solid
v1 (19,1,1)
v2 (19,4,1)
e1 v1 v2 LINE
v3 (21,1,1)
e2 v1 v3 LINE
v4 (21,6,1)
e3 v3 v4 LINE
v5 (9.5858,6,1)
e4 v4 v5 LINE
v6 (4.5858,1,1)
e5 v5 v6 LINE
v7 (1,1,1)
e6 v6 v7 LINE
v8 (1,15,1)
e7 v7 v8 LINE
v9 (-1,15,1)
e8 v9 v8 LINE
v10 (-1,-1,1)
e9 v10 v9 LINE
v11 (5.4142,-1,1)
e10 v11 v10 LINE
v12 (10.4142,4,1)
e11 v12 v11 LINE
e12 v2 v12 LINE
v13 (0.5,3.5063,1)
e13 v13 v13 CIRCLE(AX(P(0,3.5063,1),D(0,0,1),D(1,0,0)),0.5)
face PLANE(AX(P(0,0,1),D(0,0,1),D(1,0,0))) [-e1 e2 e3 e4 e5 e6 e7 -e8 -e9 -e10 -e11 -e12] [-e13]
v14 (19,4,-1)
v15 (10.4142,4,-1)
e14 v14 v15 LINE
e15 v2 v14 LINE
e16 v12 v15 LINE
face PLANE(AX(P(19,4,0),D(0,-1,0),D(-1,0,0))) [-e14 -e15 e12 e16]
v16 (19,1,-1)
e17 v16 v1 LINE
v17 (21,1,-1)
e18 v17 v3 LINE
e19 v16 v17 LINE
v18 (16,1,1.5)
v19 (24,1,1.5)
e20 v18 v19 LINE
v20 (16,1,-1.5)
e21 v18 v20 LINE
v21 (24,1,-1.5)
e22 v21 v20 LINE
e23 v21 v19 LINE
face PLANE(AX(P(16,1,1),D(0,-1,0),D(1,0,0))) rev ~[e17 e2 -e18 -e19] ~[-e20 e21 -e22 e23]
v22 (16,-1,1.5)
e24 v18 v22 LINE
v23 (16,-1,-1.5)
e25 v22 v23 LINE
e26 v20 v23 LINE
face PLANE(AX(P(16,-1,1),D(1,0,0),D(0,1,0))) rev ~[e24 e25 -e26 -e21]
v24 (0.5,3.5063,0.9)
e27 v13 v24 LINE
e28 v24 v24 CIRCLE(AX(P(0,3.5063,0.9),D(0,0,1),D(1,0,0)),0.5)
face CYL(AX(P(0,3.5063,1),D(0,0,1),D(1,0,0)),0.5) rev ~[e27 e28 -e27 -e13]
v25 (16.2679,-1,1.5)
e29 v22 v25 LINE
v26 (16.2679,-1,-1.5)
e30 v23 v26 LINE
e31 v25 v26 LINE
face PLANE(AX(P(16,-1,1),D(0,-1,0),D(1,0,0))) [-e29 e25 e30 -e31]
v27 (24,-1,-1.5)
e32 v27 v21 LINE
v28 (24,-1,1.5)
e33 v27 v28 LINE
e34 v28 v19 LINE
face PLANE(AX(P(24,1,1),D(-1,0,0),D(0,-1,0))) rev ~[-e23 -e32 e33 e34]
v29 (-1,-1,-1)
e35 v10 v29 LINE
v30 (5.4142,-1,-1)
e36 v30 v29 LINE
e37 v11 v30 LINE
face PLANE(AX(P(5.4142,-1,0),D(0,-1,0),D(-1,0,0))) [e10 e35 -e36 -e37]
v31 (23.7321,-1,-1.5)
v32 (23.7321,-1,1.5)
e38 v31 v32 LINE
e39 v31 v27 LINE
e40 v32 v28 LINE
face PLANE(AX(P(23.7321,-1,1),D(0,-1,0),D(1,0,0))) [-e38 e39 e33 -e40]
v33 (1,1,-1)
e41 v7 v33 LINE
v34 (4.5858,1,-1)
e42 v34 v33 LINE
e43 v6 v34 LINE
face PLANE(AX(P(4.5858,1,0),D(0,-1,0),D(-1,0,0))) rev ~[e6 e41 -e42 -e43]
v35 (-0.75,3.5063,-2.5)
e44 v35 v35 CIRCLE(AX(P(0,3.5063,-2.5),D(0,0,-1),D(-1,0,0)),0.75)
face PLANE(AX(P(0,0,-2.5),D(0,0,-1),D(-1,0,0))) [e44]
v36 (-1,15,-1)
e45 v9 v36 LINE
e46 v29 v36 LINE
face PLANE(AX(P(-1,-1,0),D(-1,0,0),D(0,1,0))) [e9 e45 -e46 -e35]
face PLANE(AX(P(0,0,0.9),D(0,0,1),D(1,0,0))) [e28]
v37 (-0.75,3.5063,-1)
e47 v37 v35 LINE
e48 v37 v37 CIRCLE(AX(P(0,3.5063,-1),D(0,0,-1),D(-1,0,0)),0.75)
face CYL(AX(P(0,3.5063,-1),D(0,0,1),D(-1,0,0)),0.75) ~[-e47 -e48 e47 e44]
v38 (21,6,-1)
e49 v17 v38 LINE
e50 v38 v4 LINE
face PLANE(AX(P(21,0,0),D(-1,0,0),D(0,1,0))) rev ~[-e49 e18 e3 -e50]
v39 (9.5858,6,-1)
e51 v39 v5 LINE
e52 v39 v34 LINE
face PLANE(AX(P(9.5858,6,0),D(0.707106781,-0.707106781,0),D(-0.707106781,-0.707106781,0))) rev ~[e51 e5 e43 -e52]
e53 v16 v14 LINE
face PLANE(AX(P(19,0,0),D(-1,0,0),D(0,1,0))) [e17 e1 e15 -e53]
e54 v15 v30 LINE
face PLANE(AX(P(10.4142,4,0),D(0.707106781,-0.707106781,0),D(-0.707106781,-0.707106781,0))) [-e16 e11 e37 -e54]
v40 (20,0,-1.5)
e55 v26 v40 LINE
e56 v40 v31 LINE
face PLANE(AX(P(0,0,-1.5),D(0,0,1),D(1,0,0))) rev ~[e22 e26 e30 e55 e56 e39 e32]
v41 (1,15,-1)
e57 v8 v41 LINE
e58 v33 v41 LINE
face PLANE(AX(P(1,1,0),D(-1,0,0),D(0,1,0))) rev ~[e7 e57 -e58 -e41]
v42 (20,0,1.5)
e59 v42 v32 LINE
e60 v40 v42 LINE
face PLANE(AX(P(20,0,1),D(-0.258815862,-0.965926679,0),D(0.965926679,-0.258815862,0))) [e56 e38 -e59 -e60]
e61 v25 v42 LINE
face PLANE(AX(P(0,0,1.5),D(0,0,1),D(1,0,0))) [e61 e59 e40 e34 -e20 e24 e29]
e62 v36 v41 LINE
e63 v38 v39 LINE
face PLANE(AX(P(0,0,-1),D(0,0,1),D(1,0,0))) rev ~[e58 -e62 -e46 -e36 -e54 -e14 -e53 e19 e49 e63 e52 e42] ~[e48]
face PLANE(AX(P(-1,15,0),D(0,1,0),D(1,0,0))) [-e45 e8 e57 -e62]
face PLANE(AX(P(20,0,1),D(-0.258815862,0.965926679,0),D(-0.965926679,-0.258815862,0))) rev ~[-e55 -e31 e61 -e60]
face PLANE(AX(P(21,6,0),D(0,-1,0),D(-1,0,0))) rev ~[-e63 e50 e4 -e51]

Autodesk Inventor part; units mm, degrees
ref_plane "YZ Plane" through (0, 0, 0) normal (1, 0, 0) x (0, 1, 0)
ref_plane "XZ Plane" through (0, 0, 0) normal (0, 1, 0) x (-1, 0, 0)
ref_plane "XY Plane" through (0, 0, 0) normal (0, 0, 1) x (1, 0, 0)
sketch "Sketch8" plane through (0, 0, 0) normal (0, 0, 1) x (1, 0, 0)
  line L0 (0, 0) -> (0, 15) construction
  line L1 (0, 0) -> (5, 0) construction
  line L2 (5, 0) -> (10, 5) construction
  line L3 (10, 5) -> (20, 5) construction
  line L4 (20, 5) -> (20, 0) construction
  line L5 (21, 0) -> (21, 6)
  line L6 (21, 6) -> (9.5858, 6)
  line L7 (9.5858, 6) -> (4.5858, 1)
  line L8 (4.5858, 1) -> (1, 1)
  line L9 (1, 1) -> (1, 15)
  line L10 (19, 0) -> (19, 4)
  line L11 (19, 4) -> (10.4142, 4)
  line L12 (10.4142, 4) -> (5.4142, -1)
  line L13 (5.4142, -1) -> (-1, -1)
  line L14 (-1, -1) -> (-1, 15)
  line L15 (19, 0) -> (21, 0)
  line L16 (-1, 15) -> (1, 15)
  dimension "d49" = 15
  dimension "d50" = 5
  dimension "d51" = 45
  dimension "d52" = 5
  dimension "d53" = 20
  dimension "d54" = 5
  dimension "d55" = 1
  dimension "d56" = 1
  dimension "d62" = 0
extrude "Extrusion10" add sketch "Sketch8" along normal mid plane 2
sketch "Sketch9" plane through (0, 0, -1) normal (0, 0, -1) x (-1, 0, 0)
  line L0 (1, -1) -> (-5.4142, -1) projected
  line L1 (-1, 15) -> (1, 15) projected
  line L2 (-1, 1) -> (-1, 15) projected
  line L3 (0, 15) -> (0, -1) construction
  circle A0 centre (0, 3.5063) radius 0.75
  dimension "d59" = 1.5
extrude "Extrusion11" add sketch "Sketch9" along normal blind 1.5
sketch "Sketch10" plane through (0, 0, 1) normal (0, 0, 1) x (1, 0, 0)
  line L0 (21, 0) -> (19, 0) projected
  line L1 (19, 0) -> (19, 4) projected
  line L2 (5.4142, -1) -> (24, -1) construction
  line L3 (20, 0) -> (20, -1) construction
  line L4 (24, -1) -> (16, -1) construction
  line L5 (16, -1) -> (16, 1)
  line L6 (16, 1) -> (24, 1)
  line L7 (24, 1) -> (24, -1)
  line L8 (20, 0) -> (16.2679, -1)
  line L9 (20, 0) -> (23.7321, -1)
  line L10 (16, -1) -> (16.2679, -1)
  line L11 (23.7321, -1) -> (24, -1)
  dimension "d63" = 2
  dimension "d64" = 4
  dimension "d65" = 8
  dimension "d66" = 15
extrude "Extrusion12" add sketch "Sketch10" against normal up to surface (2 mm away)
sketch "Sketch11" plane through (0, 0, 0) normal (0, 0, 1) x (1, 0, 0)
  line L0 (21, 6) -> (21, 1) projected
  line L1 (9.5858, 6) -> (21, 6) projected
  line L2 (4.5858, 1) -> (9.5858, 6) projected
  line L3 (1, 1) -> (4.5858, 1) projected
  line L4 (1, 15) -> (1, 1) projected
  line L5 (-1, 15) -> (1, 15) projected
  line L6 (-1, -1) -> (-1, 15) projected
  line L7 (5.4142, -1) -> (-1, -1) projected
  line L8 (10.4142, 4) -> (5.4142, -1) projected
  line L9 (19, 4) -> (10.4142, 4) projected
  line L10 (19, 1) -> (19, 4) projected
  line L11 (19, 1) -> (16, 1) projected
  line L12 (16, 1) -> (16, -1) projected
  line L13 (16, -1) -> (16.2679, -1) projected
  line L14 (16.2679, -1) -> (20, 0) projected
  line L15 (20, 0) -> (23.7321, -1) projected
  line L16 (23.7321, -1) -> (24, -1) projected
  line L17 (24, -1) -> (24, 1) projected
  line L18 (24, 1) -> (21, 1) projected
  line L19 (16, 1) -> (24, 1)
extrude "Extrusion13" add sketch "Sketch11" along normal mid plane 3 contours L18 L17 L16 L15 L14 L13 L12 L11 L19
sketch "Sketch12" plane through (0, 0, 1) normal (0, 0, 1) x (1, 0, 0)
  circle A0 centre (0, 3.5063) radius 0.75 projected
  circle A1 centre (0, 3.5063) radius 0.75 projected
  circle A2 centre (0, 3.5063) radius 0.5
  dimension "d71" = 1
extrude "Extrusion14" cut sketch "Sketch12" against normal blind 0.1 contours A2
properties part number "Slder43"
